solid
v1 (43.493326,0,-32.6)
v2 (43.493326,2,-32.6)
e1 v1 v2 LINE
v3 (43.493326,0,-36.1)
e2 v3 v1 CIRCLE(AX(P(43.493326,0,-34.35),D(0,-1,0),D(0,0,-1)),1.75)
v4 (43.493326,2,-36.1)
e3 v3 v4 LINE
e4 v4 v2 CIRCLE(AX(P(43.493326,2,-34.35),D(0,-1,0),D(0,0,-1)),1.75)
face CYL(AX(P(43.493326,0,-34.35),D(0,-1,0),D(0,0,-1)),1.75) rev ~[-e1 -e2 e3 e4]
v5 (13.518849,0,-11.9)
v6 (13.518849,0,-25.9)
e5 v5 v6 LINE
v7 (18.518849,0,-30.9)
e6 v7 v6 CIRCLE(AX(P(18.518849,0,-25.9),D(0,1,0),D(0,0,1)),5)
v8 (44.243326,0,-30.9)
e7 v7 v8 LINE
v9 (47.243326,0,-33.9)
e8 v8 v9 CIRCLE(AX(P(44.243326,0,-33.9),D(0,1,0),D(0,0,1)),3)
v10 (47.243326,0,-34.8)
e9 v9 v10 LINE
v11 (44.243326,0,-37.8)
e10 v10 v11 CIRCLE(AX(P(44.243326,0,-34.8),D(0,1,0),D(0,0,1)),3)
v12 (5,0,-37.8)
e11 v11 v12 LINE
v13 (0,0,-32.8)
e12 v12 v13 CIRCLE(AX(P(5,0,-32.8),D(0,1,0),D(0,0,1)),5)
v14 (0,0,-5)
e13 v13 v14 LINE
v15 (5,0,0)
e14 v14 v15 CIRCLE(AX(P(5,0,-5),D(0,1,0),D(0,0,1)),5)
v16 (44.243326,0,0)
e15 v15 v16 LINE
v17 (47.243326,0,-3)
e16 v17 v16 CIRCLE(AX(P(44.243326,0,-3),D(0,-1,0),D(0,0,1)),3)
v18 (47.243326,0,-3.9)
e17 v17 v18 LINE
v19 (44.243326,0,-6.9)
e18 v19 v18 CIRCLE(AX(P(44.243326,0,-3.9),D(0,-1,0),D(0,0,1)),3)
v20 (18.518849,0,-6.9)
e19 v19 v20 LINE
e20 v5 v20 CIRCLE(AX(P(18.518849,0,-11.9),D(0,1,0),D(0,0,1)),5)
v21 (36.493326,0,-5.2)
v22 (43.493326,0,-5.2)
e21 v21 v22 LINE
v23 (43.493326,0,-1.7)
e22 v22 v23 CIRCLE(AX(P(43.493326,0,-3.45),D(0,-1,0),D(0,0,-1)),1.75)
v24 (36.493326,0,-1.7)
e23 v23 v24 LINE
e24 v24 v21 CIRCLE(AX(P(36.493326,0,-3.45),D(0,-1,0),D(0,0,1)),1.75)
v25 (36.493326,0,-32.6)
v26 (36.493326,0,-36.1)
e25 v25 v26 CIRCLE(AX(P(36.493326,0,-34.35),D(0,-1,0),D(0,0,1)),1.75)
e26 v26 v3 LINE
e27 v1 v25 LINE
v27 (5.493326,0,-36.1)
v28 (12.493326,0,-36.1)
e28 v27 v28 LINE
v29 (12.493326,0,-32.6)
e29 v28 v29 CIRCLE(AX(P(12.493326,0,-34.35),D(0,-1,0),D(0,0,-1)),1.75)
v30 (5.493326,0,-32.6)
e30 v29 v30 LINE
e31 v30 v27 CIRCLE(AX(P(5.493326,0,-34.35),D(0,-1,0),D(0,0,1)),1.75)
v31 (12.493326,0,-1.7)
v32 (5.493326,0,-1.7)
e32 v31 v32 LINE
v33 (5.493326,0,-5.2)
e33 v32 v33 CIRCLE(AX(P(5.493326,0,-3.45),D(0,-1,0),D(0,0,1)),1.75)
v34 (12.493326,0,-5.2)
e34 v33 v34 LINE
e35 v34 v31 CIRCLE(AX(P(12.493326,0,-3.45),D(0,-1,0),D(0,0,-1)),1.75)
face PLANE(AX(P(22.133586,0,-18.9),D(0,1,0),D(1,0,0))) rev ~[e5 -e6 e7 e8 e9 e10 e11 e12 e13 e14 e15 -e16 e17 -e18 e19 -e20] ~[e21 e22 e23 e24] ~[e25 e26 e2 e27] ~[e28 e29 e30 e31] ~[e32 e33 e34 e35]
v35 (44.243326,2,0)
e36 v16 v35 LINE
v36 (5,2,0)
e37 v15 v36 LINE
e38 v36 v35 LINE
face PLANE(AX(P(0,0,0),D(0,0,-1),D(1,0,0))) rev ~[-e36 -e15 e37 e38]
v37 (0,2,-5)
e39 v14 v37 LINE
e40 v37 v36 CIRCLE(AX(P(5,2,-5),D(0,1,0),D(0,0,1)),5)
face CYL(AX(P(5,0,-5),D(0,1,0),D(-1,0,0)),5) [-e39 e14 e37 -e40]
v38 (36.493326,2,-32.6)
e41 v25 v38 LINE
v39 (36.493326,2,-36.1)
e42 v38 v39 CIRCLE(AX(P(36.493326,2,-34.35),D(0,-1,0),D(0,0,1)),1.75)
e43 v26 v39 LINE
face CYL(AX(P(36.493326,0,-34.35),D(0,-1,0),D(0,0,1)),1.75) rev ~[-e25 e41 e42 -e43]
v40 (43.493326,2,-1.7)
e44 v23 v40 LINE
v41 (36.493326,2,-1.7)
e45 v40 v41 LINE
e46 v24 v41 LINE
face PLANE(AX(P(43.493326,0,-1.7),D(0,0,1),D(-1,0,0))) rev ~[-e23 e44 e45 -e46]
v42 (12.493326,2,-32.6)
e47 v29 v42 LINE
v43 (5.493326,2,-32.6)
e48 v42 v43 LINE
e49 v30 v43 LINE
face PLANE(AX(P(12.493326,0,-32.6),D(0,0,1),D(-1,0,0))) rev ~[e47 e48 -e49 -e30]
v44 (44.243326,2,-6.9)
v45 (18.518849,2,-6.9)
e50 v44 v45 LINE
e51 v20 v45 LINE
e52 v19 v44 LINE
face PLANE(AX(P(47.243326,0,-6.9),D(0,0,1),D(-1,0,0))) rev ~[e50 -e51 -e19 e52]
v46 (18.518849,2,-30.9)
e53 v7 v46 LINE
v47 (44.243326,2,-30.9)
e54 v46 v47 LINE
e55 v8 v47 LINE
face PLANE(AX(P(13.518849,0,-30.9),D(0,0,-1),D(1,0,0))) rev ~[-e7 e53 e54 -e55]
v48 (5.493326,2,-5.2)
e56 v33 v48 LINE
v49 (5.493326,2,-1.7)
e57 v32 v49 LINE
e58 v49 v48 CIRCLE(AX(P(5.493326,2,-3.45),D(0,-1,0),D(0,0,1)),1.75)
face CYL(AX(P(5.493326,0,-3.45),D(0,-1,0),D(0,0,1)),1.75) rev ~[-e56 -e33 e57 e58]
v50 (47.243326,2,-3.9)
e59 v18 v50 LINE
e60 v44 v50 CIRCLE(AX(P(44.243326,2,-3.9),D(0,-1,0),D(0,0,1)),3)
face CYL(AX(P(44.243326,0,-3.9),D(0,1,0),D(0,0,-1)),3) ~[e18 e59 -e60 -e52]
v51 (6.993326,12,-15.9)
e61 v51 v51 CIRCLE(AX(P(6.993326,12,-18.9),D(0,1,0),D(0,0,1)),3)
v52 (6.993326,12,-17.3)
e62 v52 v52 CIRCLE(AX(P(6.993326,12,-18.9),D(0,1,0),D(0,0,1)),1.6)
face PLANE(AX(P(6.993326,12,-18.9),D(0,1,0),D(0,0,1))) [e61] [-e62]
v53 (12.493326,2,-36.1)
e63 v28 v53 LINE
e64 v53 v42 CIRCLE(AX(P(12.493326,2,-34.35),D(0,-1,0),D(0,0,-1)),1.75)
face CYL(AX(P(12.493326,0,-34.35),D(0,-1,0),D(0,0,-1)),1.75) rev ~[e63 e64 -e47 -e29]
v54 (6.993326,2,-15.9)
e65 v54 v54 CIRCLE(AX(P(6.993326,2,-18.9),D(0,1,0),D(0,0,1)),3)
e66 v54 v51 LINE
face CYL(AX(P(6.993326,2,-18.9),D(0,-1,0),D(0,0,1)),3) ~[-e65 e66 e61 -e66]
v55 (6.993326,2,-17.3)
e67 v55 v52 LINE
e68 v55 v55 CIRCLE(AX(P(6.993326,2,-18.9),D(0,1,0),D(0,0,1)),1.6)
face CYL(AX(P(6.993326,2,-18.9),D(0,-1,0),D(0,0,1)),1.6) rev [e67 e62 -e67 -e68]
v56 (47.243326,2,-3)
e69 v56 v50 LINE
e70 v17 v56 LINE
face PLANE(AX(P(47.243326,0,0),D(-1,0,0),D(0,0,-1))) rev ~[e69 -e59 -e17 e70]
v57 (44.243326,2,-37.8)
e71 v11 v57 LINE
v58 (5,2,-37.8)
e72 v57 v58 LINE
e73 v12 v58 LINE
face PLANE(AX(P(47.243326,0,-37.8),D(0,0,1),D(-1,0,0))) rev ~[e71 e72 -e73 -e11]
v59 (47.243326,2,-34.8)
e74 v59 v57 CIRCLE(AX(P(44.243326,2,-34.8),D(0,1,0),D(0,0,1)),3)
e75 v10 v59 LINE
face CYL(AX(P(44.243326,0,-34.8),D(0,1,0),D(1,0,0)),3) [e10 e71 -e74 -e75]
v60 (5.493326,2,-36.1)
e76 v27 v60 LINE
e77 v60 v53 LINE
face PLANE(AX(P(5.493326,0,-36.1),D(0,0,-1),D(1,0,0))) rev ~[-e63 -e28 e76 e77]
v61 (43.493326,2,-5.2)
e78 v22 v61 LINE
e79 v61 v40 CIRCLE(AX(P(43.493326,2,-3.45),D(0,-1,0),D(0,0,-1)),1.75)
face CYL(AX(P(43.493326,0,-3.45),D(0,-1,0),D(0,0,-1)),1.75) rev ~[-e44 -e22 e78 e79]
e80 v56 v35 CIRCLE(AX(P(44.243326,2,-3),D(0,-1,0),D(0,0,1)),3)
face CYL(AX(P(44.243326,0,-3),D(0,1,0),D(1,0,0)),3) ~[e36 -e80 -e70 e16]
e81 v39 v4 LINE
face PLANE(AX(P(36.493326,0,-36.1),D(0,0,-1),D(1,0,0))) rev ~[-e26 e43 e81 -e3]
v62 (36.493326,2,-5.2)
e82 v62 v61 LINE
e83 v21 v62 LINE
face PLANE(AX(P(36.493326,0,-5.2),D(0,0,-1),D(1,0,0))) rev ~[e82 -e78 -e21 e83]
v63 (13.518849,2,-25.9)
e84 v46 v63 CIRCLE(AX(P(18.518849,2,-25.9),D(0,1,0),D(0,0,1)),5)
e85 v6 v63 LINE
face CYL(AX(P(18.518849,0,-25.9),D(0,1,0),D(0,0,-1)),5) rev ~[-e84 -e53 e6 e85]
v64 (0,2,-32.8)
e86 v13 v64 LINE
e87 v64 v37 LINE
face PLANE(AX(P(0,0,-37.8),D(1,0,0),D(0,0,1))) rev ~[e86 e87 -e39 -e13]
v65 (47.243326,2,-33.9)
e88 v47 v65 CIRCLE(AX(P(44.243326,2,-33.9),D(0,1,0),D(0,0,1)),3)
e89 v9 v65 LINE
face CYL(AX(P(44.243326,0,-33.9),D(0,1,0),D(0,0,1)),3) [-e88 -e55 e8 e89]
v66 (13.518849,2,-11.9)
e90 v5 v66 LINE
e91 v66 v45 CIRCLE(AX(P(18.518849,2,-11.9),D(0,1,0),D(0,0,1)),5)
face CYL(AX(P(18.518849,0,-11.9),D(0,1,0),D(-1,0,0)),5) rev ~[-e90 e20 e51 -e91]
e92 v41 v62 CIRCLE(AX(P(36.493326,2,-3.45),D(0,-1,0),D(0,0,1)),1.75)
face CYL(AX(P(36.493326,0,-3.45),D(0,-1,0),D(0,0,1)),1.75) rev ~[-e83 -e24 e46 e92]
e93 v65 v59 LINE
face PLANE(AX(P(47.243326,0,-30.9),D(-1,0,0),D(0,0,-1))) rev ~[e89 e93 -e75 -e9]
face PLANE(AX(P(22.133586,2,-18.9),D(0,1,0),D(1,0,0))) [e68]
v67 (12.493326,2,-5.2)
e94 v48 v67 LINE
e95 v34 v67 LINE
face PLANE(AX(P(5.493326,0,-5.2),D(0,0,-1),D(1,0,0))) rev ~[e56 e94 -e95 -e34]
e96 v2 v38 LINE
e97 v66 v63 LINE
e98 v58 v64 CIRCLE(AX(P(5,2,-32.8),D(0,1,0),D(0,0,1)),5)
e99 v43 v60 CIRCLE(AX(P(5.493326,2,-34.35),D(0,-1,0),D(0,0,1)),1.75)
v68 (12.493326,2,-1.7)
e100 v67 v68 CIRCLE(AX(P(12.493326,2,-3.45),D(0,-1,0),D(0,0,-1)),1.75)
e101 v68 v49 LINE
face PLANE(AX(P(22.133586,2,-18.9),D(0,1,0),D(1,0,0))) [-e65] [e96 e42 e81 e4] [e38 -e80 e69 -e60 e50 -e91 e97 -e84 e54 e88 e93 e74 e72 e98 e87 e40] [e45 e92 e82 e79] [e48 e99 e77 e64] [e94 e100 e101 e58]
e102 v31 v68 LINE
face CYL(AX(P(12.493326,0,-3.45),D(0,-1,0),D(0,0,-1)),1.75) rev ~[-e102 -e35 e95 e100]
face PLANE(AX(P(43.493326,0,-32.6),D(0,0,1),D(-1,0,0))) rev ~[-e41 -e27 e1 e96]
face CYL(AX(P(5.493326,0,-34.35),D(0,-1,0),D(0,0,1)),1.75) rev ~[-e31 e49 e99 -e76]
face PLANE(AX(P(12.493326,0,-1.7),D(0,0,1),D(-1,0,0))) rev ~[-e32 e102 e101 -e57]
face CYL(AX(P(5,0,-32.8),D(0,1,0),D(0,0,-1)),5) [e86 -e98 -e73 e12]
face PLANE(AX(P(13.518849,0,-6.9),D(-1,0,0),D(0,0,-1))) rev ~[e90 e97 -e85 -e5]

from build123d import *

# Parameters (mm, degrees)
BOSS_EXTRUDE1_DEPTH = 2
FILLET1_R           = 5
FILLET2_R           = 3
SKETCH2_R           = 3
SKETCH2_R_2         = 1.6
BOSS_EXTRUDE2_DEPTH = 10


with BuildPart() as part:
    # Sketch1 → Boss-Extrude1 (new body)
    with BuildSketch(Plane(origin=(0, 0, 0), x_dir=(1, 0, 0), z_dir=(0, 1, 0))):
        Polygon((47.24332582, 30.9), (47.24332582, 37.8), (0, 37.8), (0, 0), (47.24332582, 0), (47.24332582, 6.9), (13.518849419, 6.9), (13.518849419, 30.9), align=None)
        with BuildLine():
            Line((5.49332582, 36.1), (12.49332582, 36.1))
            ThreePointArc((12.49332582, 36.1), (14.24332582, 34.35), (12.49332582, 32.6))
            Line((12.49332582, 32.6), (5.49332582, 32.6))
            ThreePointArc((5.49332582, 32.6), (3.74332582, 34.35), (5.49332582, 36.1))
        make_face(mode=Mode.SUBTRACT)
        with BuildLine():
            Line((36.49332582, 36.1), (43.49332582, 36.1))
            ThreePointArc((43.49332582, 36.1), (45.24332582, 34.35), (43.49332582, 32.6))
            Line((43.49332582, 32.6), (36.49332582, 32.6))
            ThreePointArc((36.49332582, 32.6), (34.74332582, 34.35), (36.49332582, 36.1))
        make_face(mode=Mode.SUBTRACT)
        with BuildLine():
            Line((5.49332582, 5.2), (12.49332582, 5.2))
            ThreePointArc((12.49332582, 5.2), (14.24332582, 3.45), (12.49332582, 1.7))
            Line((12.49332582, 1.7), (5.49332582, 1.7))
            ThreePointArc((5.49332582, 1.7), (3.74332582, 3.45), (5.49332582, 5.2))
        make_face(mode=Mode.SUBTRACT)
        with BuildLine():
            Line((36.49332582, 5.2), (43.49332582, 5.2))
            ThreePointArc((43.49332582, 5.2), (45.24332582, 3.45), (43.49332582, 1.7))
            Line((43.49332582, 1.7), (36.49332582, 1.7))
            ThreePointArc((36.49332582, 1.7), (34.74332582, 3.45), (36.49332582, 5.2))
        make_face(mode=Mode.SUBTRACT)
    extrude(amount=BOSS_EXTRUDE1_DEPTH)

    # Fillet1
    fillet1_edges = [part.edges().sort_by_distance(p)[0] for p in [
        (13.518849419, 1, -6.9),
        (0, 1, 0),
        (0, 1, -37.8),
        (13.518849419, 1, -30.9),
    ]]
    fillet(fillet1_edges, radius=FILLET1_R)

    # Fillet2
    fillet2_edges = [part.edges().sort_by_distance(p)[0] for p in [
        (47.24332582, 1, -6.9),
        (47.24332582, 1, 0),
        (47.24332582, 1, -37.8),
        (47.24332582, 1, -30.9),
    ]]
    fillet(fillet2_edges, radius=FILLET2_R)

    # Sketch2 → Boss-Extrude2 (add)
    with BuildSketch(Plane(origin=(0, 2, 0), x_dir=(1, 0, 0), z_dir=(0, 1, 0))):
        with Locations(Location((6.99332582, 18.9, 0), (0, 0, 270))):
            Circle(SKETCH2_R)
        with Locations(Location((6.99332582, 18.9, 0), (0, 0, 270))):
            Circle(SKETCH2_R_2, mode=Mode.SUBTRACT)
    extrude(amount=BOSS_EXTRUDE2_DEPTH)


solid = part.part
